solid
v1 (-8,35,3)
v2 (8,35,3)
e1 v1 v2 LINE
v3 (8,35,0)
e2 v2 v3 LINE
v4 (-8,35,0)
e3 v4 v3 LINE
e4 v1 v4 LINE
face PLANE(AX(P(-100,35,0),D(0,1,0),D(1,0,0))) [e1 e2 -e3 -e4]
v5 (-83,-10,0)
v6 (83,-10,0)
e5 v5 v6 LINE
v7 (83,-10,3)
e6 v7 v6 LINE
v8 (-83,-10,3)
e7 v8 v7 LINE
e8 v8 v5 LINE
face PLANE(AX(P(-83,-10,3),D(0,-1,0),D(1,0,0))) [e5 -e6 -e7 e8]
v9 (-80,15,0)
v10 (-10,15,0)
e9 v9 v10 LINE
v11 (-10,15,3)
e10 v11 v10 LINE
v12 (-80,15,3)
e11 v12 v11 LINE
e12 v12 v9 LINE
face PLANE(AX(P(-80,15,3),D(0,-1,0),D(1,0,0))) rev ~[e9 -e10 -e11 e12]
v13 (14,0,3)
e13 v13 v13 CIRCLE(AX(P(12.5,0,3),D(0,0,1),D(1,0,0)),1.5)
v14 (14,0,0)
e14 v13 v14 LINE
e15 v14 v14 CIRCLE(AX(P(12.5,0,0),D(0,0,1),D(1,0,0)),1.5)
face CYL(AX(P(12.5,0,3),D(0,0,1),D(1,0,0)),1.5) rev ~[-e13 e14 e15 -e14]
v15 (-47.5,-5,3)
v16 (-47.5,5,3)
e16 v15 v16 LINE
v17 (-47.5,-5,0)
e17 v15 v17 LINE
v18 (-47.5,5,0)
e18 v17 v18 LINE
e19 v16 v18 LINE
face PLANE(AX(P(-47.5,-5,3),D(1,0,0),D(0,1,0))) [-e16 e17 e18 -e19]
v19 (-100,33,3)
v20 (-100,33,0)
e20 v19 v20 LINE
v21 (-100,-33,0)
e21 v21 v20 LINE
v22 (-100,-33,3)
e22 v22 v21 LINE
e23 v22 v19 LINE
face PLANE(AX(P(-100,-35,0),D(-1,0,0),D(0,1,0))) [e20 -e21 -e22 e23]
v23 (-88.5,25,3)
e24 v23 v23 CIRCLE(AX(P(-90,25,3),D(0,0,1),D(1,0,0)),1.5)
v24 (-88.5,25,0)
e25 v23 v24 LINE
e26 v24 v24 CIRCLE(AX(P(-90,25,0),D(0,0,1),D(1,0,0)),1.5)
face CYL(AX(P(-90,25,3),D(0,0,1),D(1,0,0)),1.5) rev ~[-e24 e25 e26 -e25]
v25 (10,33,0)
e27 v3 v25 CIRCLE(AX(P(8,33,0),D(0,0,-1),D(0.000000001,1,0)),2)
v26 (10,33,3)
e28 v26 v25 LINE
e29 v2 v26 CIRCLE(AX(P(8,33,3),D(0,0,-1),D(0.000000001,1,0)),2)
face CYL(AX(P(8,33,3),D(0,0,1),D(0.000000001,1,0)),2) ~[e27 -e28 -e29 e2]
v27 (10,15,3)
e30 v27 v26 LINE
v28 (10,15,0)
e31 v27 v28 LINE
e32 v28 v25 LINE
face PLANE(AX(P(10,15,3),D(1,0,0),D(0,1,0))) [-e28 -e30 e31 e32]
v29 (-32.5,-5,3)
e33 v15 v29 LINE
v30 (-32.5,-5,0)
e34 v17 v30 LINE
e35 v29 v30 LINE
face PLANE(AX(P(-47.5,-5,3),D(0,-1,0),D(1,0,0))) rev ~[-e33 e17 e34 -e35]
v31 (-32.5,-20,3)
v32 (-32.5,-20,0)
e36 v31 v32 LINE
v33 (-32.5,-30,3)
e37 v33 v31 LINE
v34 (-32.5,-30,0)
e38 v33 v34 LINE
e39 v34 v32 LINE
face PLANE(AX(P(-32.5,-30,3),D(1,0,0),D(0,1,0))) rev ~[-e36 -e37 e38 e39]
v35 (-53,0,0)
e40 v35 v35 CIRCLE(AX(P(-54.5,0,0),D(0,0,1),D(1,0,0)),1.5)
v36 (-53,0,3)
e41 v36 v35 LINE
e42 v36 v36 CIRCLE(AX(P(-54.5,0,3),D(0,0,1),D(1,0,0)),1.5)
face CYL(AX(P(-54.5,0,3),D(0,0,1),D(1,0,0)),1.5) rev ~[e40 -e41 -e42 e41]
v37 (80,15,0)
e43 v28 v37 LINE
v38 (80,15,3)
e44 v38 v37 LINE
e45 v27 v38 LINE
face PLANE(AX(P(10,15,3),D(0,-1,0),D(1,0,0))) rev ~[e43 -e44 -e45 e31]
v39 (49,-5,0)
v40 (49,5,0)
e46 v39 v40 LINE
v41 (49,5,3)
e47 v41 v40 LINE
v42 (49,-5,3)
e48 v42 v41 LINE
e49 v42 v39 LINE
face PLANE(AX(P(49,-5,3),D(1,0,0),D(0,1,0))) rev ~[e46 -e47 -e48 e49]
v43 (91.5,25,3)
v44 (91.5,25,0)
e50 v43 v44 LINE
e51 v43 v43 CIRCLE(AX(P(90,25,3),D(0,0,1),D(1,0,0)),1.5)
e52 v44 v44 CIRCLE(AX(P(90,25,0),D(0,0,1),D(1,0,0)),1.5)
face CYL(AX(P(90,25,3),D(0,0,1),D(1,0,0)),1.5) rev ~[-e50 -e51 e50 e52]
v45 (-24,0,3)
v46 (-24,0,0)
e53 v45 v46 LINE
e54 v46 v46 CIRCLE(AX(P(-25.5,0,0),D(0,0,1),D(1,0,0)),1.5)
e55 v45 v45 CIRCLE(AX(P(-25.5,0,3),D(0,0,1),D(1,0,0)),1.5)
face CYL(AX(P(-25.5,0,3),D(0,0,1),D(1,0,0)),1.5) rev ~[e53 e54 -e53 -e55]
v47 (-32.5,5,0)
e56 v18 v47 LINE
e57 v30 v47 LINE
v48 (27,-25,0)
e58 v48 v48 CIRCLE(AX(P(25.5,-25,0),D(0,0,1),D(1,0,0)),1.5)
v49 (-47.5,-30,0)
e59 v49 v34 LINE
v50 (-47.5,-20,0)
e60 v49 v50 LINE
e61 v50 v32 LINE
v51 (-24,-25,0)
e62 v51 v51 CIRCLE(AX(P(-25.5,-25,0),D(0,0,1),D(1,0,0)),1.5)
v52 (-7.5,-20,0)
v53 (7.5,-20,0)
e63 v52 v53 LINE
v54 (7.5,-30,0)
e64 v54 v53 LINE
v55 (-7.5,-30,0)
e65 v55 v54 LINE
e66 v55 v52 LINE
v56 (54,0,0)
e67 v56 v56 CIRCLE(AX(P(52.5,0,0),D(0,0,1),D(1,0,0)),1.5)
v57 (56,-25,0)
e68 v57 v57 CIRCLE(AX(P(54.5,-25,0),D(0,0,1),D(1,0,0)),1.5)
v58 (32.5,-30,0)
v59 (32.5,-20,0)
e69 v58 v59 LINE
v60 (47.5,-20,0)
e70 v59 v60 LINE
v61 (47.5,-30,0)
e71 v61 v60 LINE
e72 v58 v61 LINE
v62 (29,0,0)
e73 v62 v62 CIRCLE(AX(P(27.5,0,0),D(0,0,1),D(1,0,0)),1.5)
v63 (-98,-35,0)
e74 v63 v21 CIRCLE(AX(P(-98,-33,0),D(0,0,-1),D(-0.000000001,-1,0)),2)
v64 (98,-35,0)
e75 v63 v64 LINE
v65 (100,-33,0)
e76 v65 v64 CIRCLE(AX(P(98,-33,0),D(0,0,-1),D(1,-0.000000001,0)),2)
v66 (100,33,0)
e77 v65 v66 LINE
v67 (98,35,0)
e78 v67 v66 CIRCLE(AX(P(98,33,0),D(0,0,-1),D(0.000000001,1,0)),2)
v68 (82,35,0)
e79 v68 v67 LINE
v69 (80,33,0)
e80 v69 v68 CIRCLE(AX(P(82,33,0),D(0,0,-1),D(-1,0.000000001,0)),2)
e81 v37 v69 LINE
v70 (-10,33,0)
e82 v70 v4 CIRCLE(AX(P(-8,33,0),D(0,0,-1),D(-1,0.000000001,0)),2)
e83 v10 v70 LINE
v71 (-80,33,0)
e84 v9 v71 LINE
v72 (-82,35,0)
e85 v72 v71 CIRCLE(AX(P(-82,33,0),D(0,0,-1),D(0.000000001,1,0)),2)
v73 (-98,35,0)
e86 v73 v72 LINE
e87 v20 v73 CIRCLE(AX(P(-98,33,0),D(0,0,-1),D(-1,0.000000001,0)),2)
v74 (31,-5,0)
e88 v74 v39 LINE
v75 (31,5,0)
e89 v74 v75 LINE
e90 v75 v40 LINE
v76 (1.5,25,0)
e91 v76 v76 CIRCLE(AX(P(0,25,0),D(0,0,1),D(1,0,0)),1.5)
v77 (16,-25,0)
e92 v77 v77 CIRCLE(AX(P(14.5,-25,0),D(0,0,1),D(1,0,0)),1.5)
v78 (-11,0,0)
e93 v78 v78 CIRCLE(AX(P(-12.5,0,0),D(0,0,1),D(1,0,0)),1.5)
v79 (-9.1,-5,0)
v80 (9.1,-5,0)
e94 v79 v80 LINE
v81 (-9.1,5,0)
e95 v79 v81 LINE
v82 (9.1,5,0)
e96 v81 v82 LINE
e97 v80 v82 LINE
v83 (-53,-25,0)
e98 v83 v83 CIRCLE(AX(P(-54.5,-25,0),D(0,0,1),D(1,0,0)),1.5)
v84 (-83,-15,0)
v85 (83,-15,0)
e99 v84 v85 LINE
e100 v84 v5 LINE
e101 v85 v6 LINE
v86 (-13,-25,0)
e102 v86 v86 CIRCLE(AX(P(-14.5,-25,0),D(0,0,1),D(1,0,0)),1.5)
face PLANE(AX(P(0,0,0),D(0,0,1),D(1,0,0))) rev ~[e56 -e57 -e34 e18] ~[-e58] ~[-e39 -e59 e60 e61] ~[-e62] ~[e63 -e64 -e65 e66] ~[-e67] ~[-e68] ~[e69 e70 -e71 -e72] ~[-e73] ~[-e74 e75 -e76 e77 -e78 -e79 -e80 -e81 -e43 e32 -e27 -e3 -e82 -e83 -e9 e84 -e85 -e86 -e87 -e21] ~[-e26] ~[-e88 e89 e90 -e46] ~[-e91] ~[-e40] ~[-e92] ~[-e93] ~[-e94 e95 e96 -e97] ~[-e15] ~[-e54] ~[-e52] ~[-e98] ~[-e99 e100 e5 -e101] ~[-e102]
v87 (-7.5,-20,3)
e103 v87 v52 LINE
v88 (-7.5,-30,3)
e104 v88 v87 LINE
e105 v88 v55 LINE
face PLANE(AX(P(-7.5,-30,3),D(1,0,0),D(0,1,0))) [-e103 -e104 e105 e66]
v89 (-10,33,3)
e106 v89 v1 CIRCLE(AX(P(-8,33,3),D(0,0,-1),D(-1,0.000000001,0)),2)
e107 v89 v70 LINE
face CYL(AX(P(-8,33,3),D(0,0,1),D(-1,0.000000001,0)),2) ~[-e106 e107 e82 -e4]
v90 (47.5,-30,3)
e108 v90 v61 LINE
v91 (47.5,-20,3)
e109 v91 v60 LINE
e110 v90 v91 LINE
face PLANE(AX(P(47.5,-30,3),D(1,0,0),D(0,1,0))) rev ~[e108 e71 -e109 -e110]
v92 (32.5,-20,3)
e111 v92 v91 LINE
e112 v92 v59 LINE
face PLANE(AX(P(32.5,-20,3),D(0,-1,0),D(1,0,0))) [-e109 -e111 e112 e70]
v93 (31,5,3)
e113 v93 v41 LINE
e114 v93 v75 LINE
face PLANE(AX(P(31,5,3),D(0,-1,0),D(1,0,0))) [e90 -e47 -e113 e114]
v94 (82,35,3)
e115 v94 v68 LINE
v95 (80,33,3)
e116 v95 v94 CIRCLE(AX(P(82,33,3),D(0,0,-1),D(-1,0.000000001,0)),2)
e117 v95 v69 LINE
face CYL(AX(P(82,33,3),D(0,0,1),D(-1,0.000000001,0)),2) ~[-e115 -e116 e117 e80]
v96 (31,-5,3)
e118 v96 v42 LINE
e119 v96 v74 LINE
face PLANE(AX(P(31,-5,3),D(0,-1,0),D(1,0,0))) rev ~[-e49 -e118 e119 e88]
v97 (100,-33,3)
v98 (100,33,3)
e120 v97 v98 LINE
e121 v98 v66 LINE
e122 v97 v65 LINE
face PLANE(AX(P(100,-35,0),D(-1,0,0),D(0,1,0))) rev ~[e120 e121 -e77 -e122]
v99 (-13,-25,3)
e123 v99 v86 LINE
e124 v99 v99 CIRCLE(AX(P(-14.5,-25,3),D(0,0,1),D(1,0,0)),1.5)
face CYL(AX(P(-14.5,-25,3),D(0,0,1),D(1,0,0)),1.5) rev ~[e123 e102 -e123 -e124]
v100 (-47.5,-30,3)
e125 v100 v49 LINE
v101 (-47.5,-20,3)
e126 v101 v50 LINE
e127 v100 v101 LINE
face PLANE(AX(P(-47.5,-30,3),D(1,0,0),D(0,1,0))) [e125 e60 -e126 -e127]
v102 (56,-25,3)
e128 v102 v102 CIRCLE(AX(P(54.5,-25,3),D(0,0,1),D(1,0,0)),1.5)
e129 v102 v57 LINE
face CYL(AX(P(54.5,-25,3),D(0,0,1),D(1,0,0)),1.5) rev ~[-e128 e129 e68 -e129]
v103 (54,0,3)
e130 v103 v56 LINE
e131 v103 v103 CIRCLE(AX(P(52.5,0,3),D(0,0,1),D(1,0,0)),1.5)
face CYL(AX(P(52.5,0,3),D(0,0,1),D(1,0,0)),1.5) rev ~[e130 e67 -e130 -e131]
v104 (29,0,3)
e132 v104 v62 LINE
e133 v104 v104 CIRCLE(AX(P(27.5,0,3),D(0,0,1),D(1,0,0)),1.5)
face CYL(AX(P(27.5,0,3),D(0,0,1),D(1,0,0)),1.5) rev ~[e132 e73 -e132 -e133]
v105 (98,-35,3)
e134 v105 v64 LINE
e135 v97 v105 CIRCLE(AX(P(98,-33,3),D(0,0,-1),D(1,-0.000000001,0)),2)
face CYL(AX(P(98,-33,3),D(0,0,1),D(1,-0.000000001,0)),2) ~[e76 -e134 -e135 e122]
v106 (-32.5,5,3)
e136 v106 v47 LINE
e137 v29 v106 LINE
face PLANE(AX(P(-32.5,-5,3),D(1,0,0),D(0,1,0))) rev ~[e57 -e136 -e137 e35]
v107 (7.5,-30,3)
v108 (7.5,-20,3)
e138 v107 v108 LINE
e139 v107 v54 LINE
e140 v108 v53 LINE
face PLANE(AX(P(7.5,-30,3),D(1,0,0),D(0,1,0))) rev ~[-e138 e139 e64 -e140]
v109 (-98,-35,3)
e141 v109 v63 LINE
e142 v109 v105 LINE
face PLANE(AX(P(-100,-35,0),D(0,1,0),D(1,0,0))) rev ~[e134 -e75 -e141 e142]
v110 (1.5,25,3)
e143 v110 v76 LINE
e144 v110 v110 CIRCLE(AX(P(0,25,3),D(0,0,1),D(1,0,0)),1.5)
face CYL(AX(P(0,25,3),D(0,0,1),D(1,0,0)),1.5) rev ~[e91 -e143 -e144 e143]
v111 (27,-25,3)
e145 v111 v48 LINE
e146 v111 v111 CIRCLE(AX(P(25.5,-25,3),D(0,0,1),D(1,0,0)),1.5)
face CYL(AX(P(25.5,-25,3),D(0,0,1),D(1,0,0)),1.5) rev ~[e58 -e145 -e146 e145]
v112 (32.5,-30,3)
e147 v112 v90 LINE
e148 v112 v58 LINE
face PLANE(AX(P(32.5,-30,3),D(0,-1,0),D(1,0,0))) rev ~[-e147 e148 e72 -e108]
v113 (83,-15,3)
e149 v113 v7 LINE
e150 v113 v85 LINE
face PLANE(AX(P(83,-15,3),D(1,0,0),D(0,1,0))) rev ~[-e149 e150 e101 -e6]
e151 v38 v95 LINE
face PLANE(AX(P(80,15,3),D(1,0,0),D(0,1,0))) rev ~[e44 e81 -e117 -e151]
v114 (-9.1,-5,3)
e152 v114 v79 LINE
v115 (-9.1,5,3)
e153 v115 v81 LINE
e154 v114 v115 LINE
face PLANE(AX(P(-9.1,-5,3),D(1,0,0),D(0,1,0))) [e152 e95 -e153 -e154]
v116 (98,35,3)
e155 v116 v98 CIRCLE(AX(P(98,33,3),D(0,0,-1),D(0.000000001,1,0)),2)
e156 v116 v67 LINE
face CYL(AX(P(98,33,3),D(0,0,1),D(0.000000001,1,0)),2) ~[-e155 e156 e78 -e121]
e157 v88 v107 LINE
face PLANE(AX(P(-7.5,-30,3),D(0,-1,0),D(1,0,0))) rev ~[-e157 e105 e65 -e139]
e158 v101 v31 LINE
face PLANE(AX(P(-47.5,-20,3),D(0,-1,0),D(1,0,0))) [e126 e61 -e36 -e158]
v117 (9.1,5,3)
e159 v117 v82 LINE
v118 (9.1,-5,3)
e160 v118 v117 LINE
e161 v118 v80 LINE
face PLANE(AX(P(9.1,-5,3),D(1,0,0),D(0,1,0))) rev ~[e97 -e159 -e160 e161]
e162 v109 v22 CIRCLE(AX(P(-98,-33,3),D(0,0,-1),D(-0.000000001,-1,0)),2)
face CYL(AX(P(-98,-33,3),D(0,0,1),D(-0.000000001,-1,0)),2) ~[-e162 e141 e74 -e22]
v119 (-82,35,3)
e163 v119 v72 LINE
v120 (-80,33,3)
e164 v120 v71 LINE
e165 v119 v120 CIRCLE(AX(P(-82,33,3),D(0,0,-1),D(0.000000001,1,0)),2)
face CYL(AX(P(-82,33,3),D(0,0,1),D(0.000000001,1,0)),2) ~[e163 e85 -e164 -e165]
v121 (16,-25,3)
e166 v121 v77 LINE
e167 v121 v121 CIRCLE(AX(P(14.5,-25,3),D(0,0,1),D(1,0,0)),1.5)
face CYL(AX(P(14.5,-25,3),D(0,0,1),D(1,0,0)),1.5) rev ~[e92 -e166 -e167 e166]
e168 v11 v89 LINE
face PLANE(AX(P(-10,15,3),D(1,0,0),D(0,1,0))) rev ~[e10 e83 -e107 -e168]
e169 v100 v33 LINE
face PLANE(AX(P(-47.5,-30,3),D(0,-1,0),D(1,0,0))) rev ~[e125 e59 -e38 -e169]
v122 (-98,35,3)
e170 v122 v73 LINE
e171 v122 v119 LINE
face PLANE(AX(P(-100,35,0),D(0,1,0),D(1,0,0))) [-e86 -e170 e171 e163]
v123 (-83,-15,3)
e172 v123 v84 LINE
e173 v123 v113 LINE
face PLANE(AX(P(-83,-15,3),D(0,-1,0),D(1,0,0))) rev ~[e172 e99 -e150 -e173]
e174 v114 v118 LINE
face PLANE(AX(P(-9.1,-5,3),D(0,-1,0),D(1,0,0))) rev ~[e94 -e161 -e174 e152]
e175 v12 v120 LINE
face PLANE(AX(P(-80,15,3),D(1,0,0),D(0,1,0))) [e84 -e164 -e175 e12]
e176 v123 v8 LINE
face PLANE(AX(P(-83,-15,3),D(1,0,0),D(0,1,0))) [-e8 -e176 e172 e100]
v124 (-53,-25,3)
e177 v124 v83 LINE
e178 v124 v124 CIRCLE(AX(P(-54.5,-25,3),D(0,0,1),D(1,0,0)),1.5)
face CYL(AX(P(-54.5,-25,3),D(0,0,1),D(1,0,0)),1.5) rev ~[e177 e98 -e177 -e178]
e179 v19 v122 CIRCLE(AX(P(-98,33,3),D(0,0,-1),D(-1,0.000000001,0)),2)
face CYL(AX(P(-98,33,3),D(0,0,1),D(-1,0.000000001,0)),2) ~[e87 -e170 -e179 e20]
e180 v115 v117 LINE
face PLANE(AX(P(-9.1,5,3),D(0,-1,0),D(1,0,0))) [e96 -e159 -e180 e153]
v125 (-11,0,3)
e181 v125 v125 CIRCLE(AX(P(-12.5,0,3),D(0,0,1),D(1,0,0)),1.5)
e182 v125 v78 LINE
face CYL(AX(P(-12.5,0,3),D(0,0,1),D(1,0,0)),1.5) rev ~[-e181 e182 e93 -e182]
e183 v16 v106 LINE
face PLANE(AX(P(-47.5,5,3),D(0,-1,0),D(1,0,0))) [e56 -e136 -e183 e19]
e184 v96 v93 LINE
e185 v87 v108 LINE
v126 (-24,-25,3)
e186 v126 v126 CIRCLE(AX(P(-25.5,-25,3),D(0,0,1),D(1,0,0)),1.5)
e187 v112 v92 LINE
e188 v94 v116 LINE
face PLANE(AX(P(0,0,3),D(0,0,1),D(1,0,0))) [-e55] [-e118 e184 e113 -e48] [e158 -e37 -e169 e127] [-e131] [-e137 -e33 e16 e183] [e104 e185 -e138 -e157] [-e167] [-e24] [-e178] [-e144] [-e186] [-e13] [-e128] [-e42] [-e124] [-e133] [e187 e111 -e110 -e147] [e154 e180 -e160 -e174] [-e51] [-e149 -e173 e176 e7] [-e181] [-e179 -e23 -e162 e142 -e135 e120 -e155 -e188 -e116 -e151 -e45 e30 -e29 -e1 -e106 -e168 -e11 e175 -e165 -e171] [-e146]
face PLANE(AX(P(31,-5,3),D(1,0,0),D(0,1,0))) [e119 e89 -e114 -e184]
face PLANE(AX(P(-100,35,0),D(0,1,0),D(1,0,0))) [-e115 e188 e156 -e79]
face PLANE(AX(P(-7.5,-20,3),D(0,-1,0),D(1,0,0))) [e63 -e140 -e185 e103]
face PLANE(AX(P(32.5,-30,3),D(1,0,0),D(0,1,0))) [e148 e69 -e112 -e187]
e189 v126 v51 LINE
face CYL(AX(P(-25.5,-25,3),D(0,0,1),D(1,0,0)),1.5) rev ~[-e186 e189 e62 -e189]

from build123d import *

# Parameters (mm, degrees)
SKETCH_1_W           = 200
SKETCH_1_H           = 70
EXTRUDE_1_DEPTH      = 3
SKETCH_2_W           = 70
SKETCH_2_H           = 20
CUT_EXTRUDE_1_DEPTH  = 3
SKETCH_4_W           = 70
SKETCH_4_H           = 20
CUT_EXTRUDE_2_DEPTH  = 3
SKETCH_5_W           = 166
SKETCH_5_H           = 5
CUT_EXTRUDE_3_DEPTH  = 3
CUT_EXTRUDE_8_DEPTH  = 3
SKETCH_7_R           = 1.5
CUT_EXTRUDE_9_DEPTH  = 3
SKETCH_8_W           = 15
SKETCH_8_H           = 10
CUT_EXTRUDE_10_DEPTH = 3
SKETCH_9_W           = 15
SKETCH_9_H           = 10
SKETCH_9_W_2         = 18
SKETCH_9_W_3         = 18.2
CUT_EXTRUDE_11_DEPTH = 3
SKETCH_10_R          = 1.5
CUT_EXTRUDE_12_DEPTH = 3


with BuildPart() as part:
    # ｽｹｯﾁ1 → ﾎﾞｽ - 押し出し1 (new body)
    with BuildSketch(Plane.XY):
        Rectangle(SKETCH_1_W, SKETCH_1_H)
    extrude(amount=EXTRUDE_1_DEPTH)

    # ｽｹｯﾁ2 → ｶｯﾄ - 押し出し1 (cut)
    with BuildSketch(Plane.XY.offset(3)):
        with Locations((-45, 25)):
            Rectangle(SKETCH_2_W, SKETCH_2_H)
    extrude(amount=-CUT_EXTRUDE_1_DEPTH, mode=Mode.SUBTRACT)

    # ｽｹｯﾁ4 → ｶｯﾄ - 押し出し2 (cut)
    with BuildSketch(Plane.XY.offset(3)):
        with Locations((45, 25)):
            Rectangle(SKETCH_4_W, SKETCH_4_H)
    extrude(amount=-CUT_EXTRUDE_2_DEPTH, mode=Mode.SUBTRACT)

    # ｽｹｯﾁ5 → ｶｯﾄ - 押し出し3 (cut)
    with BuildSketch(Plane.XY.offset(3)):
        with Locations((0, -12.5)):
            Rectangle(SKETCH_5_W, SKETCH_5_H)
    extrude(amount=-CUT_EXTRUDE_3_DEPTH, mode=Mode.SUBTRACT)

    # ｽｹｯﾁ6 → ｶｯﾄ - 押し出し8 (cut)
    with BuildSketch(Plane.XY.offset(3)):
        with BuildLine():
            ThreePointArc((-98, -35), (-99.414213562, -34.414213562), (-100, -33))
            Line((-100, -33), (-100, -35))
            Line((-100, -35), (-98, -35))
        make_face()
        with BuildLine():
            Line((-100, 35), (-100, 33))
            ThreePointArc((-100, 33), (-99.414213562, 34.414213562), (-98, 35))
            Line((-98, 35), (-100, 35))
        make_face()
        with BuildLine():
            ThreePointArc((100, -33), (99.414213562, -34.414213562), (98, -35))
            Line((98, -35), (100, -35))
            Line((100, -35), (100, -33))
        make_face()
        with BuildLine():
            Line((-80, 35), (-82, 35))
            ThreePointArc((-82, 35), (-80.585786438, 34.414213562), (-80, 33))
            Line((-80, 33), (-80, 35))
        make_face()
        with BuildLine():
            ThreePointArc((98, 35), (99.414213562, 34.414213562), (100, 33))
            Line((100, 33), (100, 35))
            Line((100, 35), (98, 35))
        make_face()
        with BuildLine():
            ThreePointArc((80, 33), (80.585786438, 34.414213562), (82, 35))
            Line((82, 35), (80, 35))
            Line((80, 35), (80, 33))
        make_face()
        with BuildLine():
            Line((-10, 35), (-10, 33))
            ThreePointArc((-10, 33), (-9.414213562, 34.414213562), (-8, 35))
            Line((-8, 35), (-10, 35))
        make_face()
        with BuildLine():
            Line((10, 35), (8, 35))
            ThreePointArc((8, 35), (9.414213562, 34.414213562), (10, 33))
            Line((10, 33), (10, 35))
        make_face()
    extrude(amount=-CUT_EXTRUDE_8_DEPTH, mode=Mode.SUBTRACT)

    # ｽｹｯﾁ7 → ｶｯﾄ - 押し出し9 (cut)
    with BuildSketch(Plane.XY.offset(3)):
        with Locations((-90, 25)):
            Circle(SKETCH_7_R)
        with Locations((0, 25)):
            Circle(SKETCH_7_R)
        with Locations((90, 25)):
            Circle(SKETCH_7_R)
    extrude(amount=-CUT_EXTRUDE_9_DEPTH, mode=Mode.SUBTRACT)

    # ｽｹｯﾁ8 → ｶｯﾄ - 押し出し10 (cut)
    with BuildSketch(Plane.XY.offset(3)):
        with Locations((40, -25)):
            Rectangle(SKETCH_8_W, SKETCH_8_H)
        with Locations((0, -25)):
            Rectangle(SKETCH_8_W, SKETCH_8_H)
        with Locations((-40, -25)):
            Rectangle(SKETCH_8_W, SKETCH_8_H)
    extrude(amount=-CUT_EXTRUDE_10_DEPTH, mode=Mode.SUBTRACT)

    # ｽｹｯﾁ9 → ｶｯﾄ - 押し出し11 (cut)
    with BuildSketch(Plane.XY.offset(3)):
        with Locations((-40, 0)):
            Rectangle(SKETCH_9_W, SKETCH_9_H)
        with Locations((40, 0)):
            Rectangle(SKETCH_9_W_2, SKETCH_9_H)
        Rectangle(SKETCH_9_W_3, SKETCH_9_H)
    extrude(amount=-CUT_EXTRUDE_11_DEPTH, mode=Mode.SUBTRACT)

    # ｽｹｯﾁ10 → ｶｯﾄ - 押し出し12 (cut)
    with BuildSketch(Plane.XY.offset(3)):
        with Locations((-54.5, 0)):
            Circle(SKETCH_10_R)
        with Locations((-25.5, 0)):
            Circle(SKETCH_10_R)
        with Locations((-12.5, 0)):
            Circle(SKETCH_10_R)
        with Locations((12.5, 0)):
            Circle(SKETCH_10_R)
        with Locations((27.5, 0)):
            Circle(SKETCH_10_R)
        with Locations((52.5, 0)):
            Circle(SKETCH_10_R)
        with Locations((54.5, -25)):
            Circle(SKETCH_10_R)
        with Locations((25.5, -25)):
            Circle(SKETCH_10_R)
        with Locations((14.5, -25)):
            Circle(SKETCH_10_R)
        with Locations((-14.5, -25)):
            Circle(SKETCH_10_R)
        with Locations((-25.5, -25)):
            Circle(SKETCH_10_R)
        with Locations((-54.5, -25)):
            Circle(SKETCH_10_R)
    extrude(amount=-CUT_EXTRUDE_12_DEPTH, mode=Mode.SUBTRACT)


solid = part.part
